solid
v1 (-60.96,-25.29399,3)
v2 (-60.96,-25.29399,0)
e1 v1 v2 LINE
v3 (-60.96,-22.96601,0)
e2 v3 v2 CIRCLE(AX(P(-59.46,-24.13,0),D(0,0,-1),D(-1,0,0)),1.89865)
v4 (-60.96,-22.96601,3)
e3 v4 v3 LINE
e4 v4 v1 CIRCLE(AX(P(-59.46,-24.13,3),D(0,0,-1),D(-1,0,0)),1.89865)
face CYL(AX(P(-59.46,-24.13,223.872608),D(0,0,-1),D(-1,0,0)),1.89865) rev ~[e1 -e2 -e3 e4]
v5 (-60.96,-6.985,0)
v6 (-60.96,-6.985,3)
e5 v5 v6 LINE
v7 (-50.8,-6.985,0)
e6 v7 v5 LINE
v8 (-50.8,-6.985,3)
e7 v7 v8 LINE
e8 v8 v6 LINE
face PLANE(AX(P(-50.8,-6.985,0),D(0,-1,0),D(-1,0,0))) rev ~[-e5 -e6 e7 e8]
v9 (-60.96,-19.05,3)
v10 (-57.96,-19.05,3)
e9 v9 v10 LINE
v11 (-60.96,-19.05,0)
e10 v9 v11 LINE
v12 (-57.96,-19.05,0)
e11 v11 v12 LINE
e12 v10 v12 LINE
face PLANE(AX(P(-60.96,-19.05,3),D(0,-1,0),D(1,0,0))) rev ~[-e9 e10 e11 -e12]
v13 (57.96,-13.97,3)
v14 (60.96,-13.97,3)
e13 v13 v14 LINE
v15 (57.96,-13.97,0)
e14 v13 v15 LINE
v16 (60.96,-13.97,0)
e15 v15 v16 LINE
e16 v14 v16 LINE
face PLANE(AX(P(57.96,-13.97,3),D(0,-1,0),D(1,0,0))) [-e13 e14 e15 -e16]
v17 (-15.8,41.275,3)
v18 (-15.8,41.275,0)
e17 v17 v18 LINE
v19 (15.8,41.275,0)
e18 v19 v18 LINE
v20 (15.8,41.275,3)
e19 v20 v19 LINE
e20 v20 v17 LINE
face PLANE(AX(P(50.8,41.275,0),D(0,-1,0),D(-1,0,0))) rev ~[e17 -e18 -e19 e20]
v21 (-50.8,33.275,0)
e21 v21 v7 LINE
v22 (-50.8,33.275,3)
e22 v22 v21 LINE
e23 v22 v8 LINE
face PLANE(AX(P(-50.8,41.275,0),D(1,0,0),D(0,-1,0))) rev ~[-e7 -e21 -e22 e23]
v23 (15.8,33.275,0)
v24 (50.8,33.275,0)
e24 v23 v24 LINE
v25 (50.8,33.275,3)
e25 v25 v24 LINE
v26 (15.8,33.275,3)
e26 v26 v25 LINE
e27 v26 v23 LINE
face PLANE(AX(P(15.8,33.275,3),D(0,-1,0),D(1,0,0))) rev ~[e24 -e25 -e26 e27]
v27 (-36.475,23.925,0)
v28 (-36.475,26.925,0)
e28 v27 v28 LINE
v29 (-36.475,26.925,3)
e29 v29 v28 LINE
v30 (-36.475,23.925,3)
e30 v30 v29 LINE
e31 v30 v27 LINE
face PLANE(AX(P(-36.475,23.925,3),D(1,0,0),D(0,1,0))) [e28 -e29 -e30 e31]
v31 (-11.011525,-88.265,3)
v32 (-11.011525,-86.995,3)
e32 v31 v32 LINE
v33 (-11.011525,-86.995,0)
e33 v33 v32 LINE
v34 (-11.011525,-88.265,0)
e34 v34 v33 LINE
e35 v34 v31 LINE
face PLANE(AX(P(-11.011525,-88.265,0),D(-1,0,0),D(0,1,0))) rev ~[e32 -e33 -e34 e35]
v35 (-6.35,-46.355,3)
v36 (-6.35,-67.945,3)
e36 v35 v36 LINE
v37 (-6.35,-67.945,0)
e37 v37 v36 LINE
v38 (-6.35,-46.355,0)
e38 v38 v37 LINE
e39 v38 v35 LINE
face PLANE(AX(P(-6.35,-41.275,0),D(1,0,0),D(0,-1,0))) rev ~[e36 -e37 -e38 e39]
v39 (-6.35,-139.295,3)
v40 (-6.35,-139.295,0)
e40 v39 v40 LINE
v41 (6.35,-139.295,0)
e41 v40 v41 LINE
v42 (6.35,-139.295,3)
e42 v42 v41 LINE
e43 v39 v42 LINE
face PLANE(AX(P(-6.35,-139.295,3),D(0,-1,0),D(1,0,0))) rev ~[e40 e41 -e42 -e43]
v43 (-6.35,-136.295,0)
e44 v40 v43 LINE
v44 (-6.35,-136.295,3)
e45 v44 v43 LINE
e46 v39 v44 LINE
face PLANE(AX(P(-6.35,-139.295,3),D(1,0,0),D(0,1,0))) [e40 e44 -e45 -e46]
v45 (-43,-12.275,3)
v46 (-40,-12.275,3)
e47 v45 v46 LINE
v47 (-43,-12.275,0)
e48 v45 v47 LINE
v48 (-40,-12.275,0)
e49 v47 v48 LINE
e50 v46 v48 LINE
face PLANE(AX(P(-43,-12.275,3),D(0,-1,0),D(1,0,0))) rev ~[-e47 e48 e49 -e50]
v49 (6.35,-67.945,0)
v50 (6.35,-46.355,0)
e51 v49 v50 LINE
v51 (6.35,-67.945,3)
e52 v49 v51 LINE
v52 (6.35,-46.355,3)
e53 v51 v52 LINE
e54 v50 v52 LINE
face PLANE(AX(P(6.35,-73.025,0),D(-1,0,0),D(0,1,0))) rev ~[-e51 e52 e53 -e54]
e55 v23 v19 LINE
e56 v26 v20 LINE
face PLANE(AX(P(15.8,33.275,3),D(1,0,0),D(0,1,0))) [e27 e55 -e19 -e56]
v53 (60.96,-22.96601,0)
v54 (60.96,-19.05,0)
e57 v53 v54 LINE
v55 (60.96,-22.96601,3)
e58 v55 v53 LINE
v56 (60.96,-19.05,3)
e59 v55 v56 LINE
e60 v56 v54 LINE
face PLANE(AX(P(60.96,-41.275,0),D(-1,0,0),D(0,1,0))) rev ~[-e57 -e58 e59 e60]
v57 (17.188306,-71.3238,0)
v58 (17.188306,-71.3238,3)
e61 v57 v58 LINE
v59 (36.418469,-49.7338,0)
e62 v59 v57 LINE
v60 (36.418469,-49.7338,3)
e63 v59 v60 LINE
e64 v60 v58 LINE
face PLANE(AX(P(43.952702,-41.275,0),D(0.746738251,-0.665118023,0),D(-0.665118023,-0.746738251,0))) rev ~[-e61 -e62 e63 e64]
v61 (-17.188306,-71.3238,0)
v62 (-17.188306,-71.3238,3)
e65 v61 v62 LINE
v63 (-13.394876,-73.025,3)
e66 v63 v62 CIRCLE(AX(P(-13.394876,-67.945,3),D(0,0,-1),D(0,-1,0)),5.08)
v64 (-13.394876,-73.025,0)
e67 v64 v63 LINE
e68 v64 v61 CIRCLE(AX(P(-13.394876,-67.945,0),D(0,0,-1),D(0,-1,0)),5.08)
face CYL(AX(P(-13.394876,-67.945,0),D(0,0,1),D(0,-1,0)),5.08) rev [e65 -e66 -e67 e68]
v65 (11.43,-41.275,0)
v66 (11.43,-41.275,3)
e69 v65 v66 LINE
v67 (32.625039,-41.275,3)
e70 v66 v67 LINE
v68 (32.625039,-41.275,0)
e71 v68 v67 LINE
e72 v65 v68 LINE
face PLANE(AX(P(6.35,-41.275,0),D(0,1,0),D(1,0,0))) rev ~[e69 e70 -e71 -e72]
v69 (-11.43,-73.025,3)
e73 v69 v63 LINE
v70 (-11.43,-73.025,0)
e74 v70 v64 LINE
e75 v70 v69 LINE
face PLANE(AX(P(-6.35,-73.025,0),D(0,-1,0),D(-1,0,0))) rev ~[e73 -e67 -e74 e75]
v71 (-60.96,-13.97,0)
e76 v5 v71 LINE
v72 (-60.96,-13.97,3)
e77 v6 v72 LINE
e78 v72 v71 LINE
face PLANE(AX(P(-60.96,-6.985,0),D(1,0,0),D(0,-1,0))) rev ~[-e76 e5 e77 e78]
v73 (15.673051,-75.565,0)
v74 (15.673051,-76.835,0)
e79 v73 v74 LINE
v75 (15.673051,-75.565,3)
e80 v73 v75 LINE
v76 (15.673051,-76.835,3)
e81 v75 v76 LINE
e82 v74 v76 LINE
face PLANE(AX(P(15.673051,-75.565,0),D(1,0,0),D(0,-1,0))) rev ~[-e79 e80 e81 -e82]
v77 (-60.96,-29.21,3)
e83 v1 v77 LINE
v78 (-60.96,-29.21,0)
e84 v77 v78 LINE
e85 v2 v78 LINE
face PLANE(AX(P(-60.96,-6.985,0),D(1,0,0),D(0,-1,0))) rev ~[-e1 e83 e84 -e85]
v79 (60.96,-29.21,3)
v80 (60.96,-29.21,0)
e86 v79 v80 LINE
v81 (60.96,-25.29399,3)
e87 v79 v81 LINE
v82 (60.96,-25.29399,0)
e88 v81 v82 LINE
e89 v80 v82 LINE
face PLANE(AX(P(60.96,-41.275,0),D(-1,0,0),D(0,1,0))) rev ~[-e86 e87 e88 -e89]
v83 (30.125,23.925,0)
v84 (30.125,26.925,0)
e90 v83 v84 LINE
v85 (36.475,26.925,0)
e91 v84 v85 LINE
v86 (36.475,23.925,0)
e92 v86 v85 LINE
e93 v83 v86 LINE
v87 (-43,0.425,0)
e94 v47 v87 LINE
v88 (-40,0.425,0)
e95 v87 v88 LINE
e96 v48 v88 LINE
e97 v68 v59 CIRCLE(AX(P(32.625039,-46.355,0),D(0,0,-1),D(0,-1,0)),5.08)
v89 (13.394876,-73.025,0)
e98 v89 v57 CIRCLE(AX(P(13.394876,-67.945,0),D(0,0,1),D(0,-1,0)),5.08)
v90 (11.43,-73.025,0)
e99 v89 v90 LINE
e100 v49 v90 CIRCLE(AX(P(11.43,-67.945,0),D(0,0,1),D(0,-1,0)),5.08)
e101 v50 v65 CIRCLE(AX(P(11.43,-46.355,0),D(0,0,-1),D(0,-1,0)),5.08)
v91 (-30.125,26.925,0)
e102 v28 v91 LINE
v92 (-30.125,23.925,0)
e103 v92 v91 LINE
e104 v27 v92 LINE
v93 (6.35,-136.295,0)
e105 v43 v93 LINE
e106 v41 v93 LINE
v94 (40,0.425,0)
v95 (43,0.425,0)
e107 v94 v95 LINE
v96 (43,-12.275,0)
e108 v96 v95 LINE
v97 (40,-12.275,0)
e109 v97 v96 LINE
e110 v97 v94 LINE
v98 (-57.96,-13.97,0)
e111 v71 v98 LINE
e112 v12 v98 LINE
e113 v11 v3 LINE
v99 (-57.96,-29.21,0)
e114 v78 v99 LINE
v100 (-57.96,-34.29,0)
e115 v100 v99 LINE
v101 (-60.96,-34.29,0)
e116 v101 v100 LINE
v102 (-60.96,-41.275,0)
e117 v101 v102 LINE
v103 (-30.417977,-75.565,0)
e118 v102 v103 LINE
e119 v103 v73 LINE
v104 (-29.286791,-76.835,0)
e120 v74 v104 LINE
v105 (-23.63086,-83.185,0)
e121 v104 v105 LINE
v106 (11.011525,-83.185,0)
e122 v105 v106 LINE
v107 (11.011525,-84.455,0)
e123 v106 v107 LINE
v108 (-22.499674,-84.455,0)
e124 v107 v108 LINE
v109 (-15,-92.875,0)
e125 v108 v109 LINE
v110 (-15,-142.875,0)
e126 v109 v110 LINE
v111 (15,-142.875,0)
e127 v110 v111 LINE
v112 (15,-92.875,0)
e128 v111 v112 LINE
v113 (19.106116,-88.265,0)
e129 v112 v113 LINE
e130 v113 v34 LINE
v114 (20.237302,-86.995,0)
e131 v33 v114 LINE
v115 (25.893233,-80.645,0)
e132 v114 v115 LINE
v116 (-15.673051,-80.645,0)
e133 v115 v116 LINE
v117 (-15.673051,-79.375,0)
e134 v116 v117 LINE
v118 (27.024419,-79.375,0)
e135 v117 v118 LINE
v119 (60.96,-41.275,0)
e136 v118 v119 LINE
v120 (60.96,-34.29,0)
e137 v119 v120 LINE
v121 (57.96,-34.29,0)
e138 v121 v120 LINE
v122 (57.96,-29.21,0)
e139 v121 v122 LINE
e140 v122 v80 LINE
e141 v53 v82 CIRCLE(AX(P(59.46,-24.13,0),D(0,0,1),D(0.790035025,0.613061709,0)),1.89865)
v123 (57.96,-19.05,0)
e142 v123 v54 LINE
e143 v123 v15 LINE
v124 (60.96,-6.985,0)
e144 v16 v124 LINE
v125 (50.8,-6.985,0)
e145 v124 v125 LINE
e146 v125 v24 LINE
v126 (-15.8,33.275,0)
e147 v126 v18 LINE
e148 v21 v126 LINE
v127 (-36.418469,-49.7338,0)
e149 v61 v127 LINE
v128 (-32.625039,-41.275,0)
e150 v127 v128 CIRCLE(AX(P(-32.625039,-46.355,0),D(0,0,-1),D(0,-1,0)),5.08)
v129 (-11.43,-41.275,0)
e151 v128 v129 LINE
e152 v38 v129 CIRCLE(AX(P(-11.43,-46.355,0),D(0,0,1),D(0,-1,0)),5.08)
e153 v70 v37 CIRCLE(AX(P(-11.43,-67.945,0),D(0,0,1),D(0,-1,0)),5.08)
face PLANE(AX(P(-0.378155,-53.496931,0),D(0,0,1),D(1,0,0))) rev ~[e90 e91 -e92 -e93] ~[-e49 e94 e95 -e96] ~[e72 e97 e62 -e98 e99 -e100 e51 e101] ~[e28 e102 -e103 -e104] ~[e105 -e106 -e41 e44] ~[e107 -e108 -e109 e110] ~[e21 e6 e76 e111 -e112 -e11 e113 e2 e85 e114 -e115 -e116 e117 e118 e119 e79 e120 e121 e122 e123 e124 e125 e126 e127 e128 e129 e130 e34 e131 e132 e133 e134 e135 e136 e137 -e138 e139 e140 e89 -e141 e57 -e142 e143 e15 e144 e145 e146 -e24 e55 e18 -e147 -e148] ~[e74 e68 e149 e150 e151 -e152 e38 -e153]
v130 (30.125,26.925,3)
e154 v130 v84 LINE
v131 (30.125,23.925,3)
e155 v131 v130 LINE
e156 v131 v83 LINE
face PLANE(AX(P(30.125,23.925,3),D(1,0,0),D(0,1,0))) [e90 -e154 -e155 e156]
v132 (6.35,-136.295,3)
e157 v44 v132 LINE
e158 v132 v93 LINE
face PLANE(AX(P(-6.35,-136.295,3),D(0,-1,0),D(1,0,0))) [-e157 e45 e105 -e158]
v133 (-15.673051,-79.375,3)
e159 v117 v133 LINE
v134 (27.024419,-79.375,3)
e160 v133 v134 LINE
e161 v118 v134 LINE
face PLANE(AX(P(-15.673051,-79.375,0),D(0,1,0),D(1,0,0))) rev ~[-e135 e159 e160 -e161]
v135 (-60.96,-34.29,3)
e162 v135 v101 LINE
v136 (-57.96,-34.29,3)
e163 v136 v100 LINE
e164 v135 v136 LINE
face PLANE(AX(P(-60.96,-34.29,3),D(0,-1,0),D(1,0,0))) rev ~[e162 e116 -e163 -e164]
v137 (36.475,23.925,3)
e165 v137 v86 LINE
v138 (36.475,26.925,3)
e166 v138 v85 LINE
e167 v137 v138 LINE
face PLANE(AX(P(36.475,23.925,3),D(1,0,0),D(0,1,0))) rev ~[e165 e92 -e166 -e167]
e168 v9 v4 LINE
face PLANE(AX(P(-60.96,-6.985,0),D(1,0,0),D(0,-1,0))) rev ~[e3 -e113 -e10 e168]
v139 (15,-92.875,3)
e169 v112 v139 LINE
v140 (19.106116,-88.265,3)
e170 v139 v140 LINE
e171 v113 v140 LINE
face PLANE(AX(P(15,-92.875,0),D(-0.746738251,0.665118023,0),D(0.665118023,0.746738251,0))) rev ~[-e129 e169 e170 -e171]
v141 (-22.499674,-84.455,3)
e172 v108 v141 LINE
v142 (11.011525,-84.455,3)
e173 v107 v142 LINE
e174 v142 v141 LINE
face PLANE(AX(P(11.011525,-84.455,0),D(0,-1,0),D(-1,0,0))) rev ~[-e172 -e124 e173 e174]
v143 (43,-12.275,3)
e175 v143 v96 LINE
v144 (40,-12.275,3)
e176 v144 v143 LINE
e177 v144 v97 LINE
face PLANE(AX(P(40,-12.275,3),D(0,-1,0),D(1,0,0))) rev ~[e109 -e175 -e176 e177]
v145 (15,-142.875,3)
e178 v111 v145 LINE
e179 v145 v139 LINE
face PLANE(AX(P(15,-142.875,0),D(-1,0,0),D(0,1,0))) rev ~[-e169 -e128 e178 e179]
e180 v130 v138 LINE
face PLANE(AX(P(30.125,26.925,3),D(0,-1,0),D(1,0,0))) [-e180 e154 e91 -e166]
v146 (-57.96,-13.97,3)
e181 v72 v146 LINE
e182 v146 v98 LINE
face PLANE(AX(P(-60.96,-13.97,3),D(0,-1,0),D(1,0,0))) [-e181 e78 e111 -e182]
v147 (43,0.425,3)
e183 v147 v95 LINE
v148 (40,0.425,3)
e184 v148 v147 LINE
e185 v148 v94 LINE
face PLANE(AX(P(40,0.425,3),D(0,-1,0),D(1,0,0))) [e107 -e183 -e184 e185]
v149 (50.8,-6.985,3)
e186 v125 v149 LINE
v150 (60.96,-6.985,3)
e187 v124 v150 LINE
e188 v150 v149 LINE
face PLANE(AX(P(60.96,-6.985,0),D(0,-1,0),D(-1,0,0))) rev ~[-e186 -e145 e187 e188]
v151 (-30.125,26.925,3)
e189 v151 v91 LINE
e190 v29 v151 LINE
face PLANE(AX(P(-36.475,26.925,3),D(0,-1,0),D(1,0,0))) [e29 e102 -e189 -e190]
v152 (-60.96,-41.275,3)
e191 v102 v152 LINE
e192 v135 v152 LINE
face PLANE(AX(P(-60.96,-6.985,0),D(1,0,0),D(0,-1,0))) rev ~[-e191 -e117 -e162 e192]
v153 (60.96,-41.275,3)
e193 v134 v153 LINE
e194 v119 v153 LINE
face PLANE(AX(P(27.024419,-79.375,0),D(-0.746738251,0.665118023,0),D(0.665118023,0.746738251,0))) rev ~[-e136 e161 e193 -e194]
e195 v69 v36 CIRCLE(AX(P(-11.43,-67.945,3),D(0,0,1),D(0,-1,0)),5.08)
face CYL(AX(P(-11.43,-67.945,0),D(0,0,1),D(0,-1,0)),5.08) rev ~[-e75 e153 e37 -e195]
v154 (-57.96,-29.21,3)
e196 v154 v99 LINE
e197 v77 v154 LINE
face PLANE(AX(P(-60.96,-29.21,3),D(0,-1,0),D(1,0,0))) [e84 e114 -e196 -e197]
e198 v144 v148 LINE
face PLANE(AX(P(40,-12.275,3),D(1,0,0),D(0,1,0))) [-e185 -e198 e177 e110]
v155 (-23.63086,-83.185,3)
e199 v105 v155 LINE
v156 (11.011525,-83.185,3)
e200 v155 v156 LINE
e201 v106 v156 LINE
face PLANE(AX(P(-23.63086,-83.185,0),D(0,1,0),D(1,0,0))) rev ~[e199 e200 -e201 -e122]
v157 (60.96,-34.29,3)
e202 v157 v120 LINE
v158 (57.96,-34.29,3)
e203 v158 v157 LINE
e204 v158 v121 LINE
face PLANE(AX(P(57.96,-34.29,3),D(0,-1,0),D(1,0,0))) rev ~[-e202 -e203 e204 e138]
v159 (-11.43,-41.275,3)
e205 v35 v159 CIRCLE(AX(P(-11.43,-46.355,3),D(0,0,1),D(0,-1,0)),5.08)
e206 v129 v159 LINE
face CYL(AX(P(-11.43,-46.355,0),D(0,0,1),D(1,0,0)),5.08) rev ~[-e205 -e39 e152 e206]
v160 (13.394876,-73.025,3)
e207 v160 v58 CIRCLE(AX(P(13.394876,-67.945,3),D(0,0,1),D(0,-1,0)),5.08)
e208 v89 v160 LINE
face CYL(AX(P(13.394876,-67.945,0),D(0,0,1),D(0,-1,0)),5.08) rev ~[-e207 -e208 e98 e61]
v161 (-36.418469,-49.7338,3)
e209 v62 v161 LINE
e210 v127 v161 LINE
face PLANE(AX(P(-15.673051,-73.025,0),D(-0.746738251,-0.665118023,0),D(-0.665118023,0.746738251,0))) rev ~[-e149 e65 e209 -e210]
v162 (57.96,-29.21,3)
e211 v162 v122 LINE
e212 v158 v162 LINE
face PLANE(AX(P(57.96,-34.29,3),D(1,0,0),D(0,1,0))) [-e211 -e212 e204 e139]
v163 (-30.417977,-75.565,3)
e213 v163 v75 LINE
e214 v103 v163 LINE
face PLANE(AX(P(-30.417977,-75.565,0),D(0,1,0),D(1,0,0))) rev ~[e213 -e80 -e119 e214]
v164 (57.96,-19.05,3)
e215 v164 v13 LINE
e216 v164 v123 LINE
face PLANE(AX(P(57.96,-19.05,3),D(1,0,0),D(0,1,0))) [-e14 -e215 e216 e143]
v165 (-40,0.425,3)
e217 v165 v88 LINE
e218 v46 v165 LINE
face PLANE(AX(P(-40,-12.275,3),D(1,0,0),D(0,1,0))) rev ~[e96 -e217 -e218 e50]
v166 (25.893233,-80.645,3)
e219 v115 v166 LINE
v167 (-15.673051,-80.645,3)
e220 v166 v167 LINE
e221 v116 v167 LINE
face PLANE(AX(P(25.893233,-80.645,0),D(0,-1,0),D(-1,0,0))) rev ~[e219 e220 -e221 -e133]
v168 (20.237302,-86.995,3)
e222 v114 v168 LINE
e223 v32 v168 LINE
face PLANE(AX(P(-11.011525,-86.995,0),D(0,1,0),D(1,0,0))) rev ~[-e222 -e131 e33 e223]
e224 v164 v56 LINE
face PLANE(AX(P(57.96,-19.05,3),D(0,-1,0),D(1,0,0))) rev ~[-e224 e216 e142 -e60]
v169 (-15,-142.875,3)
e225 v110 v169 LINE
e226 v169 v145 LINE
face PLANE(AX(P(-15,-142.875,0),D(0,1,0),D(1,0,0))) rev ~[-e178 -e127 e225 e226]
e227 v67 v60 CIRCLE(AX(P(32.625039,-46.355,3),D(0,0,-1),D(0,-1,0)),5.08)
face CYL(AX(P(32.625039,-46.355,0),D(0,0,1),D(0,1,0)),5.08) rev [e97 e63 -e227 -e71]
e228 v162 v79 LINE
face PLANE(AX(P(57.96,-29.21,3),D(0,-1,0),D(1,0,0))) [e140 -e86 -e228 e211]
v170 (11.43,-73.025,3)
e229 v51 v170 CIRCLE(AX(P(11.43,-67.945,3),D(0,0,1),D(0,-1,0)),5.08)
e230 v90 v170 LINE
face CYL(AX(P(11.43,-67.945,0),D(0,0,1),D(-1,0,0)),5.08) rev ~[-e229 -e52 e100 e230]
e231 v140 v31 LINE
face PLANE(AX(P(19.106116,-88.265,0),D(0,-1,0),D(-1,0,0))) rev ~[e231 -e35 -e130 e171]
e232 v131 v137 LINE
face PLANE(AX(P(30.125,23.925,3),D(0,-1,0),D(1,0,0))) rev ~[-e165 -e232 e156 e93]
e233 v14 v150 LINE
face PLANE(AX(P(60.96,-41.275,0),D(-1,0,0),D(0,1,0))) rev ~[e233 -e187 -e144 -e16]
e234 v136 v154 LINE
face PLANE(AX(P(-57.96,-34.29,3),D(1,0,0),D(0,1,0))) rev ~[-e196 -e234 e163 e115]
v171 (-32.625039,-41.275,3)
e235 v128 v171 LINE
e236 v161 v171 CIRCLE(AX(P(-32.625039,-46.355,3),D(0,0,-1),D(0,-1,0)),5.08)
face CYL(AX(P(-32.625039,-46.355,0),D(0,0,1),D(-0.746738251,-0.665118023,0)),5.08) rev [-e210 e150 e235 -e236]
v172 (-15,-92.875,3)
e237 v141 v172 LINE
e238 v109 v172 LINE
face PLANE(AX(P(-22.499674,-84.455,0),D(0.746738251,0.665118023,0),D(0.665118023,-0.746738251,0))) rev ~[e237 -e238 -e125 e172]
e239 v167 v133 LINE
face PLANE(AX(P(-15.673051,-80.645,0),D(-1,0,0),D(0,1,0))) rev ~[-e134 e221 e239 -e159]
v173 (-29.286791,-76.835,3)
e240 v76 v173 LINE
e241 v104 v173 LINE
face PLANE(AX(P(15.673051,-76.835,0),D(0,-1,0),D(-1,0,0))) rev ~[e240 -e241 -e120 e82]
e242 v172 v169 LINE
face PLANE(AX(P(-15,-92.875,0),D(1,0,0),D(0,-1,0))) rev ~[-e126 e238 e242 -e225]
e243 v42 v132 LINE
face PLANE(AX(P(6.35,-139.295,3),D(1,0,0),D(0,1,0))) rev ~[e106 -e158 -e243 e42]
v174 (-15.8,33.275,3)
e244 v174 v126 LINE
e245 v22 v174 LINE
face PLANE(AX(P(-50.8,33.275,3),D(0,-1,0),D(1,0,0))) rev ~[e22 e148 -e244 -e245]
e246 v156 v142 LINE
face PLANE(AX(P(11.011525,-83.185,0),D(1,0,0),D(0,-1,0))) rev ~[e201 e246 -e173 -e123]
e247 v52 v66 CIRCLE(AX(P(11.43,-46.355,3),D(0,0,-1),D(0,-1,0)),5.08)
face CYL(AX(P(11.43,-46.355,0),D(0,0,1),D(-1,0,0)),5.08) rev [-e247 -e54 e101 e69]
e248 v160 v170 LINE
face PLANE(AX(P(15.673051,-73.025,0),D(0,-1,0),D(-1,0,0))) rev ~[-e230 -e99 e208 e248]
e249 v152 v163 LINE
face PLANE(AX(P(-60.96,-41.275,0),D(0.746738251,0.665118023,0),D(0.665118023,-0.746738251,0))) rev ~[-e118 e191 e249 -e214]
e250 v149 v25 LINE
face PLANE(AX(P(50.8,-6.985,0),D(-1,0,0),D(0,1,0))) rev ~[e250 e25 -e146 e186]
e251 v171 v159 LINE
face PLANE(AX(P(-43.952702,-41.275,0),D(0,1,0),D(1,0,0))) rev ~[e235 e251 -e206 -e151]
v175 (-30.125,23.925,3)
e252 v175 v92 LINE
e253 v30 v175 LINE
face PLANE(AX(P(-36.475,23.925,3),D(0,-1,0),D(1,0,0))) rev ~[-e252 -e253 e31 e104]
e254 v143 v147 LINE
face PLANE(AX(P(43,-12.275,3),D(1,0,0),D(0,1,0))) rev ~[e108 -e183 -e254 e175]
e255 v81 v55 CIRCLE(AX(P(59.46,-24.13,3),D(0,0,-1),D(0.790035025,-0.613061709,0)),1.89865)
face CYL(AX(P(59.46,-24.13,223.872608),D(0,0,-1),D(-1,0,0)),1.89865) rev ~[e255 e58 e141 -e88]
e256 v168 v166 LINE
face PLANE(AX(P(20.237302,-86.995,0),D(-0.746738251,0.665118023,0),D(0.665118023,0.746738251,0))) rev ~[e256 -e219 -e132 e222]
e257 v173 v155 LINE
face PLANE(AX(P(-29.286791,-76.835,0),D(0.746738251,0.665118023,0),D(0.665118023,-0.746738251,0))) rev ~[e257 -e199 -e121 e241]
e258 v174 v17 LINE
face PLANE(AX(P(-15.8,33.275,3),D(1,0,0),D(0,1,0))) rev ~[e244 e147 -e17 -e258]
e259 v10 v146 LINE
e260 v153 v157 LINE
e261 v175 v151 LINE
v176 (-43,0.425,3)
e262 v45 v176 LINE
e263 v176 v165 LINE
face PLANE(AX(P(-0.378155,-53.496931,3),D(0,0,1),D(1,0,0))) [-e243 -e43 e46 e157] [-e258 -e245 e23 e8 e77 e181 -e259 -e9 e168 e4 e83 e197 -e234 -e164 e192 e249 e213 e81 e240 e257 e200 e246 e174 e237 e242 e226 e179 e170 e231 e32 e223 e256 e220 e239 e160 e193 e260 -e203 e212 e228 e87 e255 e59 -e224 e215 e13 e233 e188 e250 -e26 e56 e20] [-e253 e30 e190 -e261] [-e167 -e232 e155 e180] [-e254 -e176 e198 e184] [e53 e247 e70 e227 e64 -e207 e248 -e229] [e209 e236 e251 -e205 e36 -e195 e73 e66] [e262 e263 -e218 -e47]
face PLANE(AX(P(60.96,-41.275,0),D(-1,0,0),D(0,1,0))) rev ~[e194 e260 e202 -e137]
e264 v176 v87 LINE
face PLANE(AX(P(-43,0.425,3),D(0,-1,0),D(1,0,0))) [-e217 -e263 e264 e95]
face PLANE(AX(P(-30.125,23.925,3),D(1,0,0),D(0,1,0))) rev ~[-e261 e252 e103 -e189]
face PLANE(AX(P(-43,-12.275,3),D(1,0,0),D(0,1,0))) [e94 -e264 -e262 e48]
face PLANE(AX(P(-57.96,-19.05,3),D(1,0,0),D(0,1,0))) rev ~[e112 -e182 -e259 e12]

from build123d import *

# Parameters (mm, degrees)
F1_DEPTH = 3
F3_D     = 3.7973
F4_W     = 3
F4_H     = 5.08
F4_W_2   = 35
F4_H_2   = 8
F4_W_3   = 6.35
F4_H_3   = 3
F4_H_4   = 12.7
F4_W_4   = 12.7
F5_DEPTH = 3.001
F6_R     = 5.08


with BuildPart() as f1:
    # F0 (on Top) → F1 (new body)
    with BuildSketch(Plane.XY):
        Polygon((50.8, 41.275), (-50.8, 41.275), (-50.8, -6.985), (-60.96, -6.985), (-60.96, -41.275), (-30.4179767442, -75.565), (15.6730507807, -75.565), (15.6730507807, -76.835), (-29.2867906977, -76.835), (-23.6308604651, -83.185), (11.0115253904, -83.185), (11.0115253904, -84.455), (-22.4996744186, -84.455), (-15, -92.875), (-15, -142.875), (15, -142.875), (15, -92.875), (19.1061162791, -88.265), (-11.0115253904, -88.265), (-11.0115253904, -86.995), (20.2373023256, -86.995), (25.8932325581, -80.645), (-15.6730507807, -80.645), (-15.6730507807, -79.375), (27.0244186047, -79.375), (60.96, -41.275), (60.96, -6.985), (50.8, -6.985), align=None)
        Polygon((-15.6730507807, -73.025), (-43.9527019435, -41.275), (-6.35, -41.275), (-6.35, -73.025), align=None, mode=Mode.SUBTRACT)
        Polygon((6.35, -41.275), (43.9527019435, -41.275), (15.6730507807, -73.025), (6.35, -73.025), align=None, mode=Mode.SUBTRACT)
    extrude(amount=F1_DEPTH)

    # F3 (through all)
    with Locations(Plane.XY.offset(3)):
        with Locations((-59.46, -24.13), (59.46, -24.13)):
            Hole(F3_D / 2)

    # F4 (on face) → F5 (cut, through all)
    with BuildSketch(Plane.XY.offset(3)):
        with Locations((-59.46, -31.75)):
            Rectangle(F4_W, F4_H)
        with Locations((-59.46, -16.51)):
            Rectangle(F4_W, F4_H)
        with Locations((59.46, -16.51)):
            Rectangle(F4_W, F4_H)
        with Locations((59.46, -31.75)):
            Rectangle(F4_W, F4_H)
        with Locations((-33.3, 37.275)):
            Rectangle(F4_W_2, F4_H_2)
        with Locations((33.3, 37.275)):
            Rectangle(F4_W_2, F4_H_2)
        with Locations((-33.3, 25.425)):
            Rectangle(F4_W_3, F4_H_3)
        with Locations((33.3, 25.425)):
            Rectangle(F4_W_3, F4_H_3)
        with Locations((41.5, -5.925)):
            Rectangle(F4_W, F4_H_4)
        with Locations((-41.5, -5.925)):
            Rectangle(F4_W, F4_H_4)
        with Locations((0, -137.795)):
            Rectangle(F4_W_4, F4_H_3)
    extrude(amount=-F5_DEPTH, mode=Mode.SUBTRACT)

    # F6
    f6_edges = [f1.edges().sort_by_distance(p)[0] for p in [
        (-43.952702, -41.275, 1.5),
        (-6.35, -41.275, 1.5),
        (43.952702, -41.275, 1.5),
        (6.35, -41.275, 1.5),
        (15.673051, -73.025, 1.5),
        (-15.673051, -73.025, 1.5),
        (-6.35, -73.025, 1.5),
        (6.35, -73.025, 1.5),
    ]]
    fillet(f6_edges, radius=F6_R)


solid = f1.part
